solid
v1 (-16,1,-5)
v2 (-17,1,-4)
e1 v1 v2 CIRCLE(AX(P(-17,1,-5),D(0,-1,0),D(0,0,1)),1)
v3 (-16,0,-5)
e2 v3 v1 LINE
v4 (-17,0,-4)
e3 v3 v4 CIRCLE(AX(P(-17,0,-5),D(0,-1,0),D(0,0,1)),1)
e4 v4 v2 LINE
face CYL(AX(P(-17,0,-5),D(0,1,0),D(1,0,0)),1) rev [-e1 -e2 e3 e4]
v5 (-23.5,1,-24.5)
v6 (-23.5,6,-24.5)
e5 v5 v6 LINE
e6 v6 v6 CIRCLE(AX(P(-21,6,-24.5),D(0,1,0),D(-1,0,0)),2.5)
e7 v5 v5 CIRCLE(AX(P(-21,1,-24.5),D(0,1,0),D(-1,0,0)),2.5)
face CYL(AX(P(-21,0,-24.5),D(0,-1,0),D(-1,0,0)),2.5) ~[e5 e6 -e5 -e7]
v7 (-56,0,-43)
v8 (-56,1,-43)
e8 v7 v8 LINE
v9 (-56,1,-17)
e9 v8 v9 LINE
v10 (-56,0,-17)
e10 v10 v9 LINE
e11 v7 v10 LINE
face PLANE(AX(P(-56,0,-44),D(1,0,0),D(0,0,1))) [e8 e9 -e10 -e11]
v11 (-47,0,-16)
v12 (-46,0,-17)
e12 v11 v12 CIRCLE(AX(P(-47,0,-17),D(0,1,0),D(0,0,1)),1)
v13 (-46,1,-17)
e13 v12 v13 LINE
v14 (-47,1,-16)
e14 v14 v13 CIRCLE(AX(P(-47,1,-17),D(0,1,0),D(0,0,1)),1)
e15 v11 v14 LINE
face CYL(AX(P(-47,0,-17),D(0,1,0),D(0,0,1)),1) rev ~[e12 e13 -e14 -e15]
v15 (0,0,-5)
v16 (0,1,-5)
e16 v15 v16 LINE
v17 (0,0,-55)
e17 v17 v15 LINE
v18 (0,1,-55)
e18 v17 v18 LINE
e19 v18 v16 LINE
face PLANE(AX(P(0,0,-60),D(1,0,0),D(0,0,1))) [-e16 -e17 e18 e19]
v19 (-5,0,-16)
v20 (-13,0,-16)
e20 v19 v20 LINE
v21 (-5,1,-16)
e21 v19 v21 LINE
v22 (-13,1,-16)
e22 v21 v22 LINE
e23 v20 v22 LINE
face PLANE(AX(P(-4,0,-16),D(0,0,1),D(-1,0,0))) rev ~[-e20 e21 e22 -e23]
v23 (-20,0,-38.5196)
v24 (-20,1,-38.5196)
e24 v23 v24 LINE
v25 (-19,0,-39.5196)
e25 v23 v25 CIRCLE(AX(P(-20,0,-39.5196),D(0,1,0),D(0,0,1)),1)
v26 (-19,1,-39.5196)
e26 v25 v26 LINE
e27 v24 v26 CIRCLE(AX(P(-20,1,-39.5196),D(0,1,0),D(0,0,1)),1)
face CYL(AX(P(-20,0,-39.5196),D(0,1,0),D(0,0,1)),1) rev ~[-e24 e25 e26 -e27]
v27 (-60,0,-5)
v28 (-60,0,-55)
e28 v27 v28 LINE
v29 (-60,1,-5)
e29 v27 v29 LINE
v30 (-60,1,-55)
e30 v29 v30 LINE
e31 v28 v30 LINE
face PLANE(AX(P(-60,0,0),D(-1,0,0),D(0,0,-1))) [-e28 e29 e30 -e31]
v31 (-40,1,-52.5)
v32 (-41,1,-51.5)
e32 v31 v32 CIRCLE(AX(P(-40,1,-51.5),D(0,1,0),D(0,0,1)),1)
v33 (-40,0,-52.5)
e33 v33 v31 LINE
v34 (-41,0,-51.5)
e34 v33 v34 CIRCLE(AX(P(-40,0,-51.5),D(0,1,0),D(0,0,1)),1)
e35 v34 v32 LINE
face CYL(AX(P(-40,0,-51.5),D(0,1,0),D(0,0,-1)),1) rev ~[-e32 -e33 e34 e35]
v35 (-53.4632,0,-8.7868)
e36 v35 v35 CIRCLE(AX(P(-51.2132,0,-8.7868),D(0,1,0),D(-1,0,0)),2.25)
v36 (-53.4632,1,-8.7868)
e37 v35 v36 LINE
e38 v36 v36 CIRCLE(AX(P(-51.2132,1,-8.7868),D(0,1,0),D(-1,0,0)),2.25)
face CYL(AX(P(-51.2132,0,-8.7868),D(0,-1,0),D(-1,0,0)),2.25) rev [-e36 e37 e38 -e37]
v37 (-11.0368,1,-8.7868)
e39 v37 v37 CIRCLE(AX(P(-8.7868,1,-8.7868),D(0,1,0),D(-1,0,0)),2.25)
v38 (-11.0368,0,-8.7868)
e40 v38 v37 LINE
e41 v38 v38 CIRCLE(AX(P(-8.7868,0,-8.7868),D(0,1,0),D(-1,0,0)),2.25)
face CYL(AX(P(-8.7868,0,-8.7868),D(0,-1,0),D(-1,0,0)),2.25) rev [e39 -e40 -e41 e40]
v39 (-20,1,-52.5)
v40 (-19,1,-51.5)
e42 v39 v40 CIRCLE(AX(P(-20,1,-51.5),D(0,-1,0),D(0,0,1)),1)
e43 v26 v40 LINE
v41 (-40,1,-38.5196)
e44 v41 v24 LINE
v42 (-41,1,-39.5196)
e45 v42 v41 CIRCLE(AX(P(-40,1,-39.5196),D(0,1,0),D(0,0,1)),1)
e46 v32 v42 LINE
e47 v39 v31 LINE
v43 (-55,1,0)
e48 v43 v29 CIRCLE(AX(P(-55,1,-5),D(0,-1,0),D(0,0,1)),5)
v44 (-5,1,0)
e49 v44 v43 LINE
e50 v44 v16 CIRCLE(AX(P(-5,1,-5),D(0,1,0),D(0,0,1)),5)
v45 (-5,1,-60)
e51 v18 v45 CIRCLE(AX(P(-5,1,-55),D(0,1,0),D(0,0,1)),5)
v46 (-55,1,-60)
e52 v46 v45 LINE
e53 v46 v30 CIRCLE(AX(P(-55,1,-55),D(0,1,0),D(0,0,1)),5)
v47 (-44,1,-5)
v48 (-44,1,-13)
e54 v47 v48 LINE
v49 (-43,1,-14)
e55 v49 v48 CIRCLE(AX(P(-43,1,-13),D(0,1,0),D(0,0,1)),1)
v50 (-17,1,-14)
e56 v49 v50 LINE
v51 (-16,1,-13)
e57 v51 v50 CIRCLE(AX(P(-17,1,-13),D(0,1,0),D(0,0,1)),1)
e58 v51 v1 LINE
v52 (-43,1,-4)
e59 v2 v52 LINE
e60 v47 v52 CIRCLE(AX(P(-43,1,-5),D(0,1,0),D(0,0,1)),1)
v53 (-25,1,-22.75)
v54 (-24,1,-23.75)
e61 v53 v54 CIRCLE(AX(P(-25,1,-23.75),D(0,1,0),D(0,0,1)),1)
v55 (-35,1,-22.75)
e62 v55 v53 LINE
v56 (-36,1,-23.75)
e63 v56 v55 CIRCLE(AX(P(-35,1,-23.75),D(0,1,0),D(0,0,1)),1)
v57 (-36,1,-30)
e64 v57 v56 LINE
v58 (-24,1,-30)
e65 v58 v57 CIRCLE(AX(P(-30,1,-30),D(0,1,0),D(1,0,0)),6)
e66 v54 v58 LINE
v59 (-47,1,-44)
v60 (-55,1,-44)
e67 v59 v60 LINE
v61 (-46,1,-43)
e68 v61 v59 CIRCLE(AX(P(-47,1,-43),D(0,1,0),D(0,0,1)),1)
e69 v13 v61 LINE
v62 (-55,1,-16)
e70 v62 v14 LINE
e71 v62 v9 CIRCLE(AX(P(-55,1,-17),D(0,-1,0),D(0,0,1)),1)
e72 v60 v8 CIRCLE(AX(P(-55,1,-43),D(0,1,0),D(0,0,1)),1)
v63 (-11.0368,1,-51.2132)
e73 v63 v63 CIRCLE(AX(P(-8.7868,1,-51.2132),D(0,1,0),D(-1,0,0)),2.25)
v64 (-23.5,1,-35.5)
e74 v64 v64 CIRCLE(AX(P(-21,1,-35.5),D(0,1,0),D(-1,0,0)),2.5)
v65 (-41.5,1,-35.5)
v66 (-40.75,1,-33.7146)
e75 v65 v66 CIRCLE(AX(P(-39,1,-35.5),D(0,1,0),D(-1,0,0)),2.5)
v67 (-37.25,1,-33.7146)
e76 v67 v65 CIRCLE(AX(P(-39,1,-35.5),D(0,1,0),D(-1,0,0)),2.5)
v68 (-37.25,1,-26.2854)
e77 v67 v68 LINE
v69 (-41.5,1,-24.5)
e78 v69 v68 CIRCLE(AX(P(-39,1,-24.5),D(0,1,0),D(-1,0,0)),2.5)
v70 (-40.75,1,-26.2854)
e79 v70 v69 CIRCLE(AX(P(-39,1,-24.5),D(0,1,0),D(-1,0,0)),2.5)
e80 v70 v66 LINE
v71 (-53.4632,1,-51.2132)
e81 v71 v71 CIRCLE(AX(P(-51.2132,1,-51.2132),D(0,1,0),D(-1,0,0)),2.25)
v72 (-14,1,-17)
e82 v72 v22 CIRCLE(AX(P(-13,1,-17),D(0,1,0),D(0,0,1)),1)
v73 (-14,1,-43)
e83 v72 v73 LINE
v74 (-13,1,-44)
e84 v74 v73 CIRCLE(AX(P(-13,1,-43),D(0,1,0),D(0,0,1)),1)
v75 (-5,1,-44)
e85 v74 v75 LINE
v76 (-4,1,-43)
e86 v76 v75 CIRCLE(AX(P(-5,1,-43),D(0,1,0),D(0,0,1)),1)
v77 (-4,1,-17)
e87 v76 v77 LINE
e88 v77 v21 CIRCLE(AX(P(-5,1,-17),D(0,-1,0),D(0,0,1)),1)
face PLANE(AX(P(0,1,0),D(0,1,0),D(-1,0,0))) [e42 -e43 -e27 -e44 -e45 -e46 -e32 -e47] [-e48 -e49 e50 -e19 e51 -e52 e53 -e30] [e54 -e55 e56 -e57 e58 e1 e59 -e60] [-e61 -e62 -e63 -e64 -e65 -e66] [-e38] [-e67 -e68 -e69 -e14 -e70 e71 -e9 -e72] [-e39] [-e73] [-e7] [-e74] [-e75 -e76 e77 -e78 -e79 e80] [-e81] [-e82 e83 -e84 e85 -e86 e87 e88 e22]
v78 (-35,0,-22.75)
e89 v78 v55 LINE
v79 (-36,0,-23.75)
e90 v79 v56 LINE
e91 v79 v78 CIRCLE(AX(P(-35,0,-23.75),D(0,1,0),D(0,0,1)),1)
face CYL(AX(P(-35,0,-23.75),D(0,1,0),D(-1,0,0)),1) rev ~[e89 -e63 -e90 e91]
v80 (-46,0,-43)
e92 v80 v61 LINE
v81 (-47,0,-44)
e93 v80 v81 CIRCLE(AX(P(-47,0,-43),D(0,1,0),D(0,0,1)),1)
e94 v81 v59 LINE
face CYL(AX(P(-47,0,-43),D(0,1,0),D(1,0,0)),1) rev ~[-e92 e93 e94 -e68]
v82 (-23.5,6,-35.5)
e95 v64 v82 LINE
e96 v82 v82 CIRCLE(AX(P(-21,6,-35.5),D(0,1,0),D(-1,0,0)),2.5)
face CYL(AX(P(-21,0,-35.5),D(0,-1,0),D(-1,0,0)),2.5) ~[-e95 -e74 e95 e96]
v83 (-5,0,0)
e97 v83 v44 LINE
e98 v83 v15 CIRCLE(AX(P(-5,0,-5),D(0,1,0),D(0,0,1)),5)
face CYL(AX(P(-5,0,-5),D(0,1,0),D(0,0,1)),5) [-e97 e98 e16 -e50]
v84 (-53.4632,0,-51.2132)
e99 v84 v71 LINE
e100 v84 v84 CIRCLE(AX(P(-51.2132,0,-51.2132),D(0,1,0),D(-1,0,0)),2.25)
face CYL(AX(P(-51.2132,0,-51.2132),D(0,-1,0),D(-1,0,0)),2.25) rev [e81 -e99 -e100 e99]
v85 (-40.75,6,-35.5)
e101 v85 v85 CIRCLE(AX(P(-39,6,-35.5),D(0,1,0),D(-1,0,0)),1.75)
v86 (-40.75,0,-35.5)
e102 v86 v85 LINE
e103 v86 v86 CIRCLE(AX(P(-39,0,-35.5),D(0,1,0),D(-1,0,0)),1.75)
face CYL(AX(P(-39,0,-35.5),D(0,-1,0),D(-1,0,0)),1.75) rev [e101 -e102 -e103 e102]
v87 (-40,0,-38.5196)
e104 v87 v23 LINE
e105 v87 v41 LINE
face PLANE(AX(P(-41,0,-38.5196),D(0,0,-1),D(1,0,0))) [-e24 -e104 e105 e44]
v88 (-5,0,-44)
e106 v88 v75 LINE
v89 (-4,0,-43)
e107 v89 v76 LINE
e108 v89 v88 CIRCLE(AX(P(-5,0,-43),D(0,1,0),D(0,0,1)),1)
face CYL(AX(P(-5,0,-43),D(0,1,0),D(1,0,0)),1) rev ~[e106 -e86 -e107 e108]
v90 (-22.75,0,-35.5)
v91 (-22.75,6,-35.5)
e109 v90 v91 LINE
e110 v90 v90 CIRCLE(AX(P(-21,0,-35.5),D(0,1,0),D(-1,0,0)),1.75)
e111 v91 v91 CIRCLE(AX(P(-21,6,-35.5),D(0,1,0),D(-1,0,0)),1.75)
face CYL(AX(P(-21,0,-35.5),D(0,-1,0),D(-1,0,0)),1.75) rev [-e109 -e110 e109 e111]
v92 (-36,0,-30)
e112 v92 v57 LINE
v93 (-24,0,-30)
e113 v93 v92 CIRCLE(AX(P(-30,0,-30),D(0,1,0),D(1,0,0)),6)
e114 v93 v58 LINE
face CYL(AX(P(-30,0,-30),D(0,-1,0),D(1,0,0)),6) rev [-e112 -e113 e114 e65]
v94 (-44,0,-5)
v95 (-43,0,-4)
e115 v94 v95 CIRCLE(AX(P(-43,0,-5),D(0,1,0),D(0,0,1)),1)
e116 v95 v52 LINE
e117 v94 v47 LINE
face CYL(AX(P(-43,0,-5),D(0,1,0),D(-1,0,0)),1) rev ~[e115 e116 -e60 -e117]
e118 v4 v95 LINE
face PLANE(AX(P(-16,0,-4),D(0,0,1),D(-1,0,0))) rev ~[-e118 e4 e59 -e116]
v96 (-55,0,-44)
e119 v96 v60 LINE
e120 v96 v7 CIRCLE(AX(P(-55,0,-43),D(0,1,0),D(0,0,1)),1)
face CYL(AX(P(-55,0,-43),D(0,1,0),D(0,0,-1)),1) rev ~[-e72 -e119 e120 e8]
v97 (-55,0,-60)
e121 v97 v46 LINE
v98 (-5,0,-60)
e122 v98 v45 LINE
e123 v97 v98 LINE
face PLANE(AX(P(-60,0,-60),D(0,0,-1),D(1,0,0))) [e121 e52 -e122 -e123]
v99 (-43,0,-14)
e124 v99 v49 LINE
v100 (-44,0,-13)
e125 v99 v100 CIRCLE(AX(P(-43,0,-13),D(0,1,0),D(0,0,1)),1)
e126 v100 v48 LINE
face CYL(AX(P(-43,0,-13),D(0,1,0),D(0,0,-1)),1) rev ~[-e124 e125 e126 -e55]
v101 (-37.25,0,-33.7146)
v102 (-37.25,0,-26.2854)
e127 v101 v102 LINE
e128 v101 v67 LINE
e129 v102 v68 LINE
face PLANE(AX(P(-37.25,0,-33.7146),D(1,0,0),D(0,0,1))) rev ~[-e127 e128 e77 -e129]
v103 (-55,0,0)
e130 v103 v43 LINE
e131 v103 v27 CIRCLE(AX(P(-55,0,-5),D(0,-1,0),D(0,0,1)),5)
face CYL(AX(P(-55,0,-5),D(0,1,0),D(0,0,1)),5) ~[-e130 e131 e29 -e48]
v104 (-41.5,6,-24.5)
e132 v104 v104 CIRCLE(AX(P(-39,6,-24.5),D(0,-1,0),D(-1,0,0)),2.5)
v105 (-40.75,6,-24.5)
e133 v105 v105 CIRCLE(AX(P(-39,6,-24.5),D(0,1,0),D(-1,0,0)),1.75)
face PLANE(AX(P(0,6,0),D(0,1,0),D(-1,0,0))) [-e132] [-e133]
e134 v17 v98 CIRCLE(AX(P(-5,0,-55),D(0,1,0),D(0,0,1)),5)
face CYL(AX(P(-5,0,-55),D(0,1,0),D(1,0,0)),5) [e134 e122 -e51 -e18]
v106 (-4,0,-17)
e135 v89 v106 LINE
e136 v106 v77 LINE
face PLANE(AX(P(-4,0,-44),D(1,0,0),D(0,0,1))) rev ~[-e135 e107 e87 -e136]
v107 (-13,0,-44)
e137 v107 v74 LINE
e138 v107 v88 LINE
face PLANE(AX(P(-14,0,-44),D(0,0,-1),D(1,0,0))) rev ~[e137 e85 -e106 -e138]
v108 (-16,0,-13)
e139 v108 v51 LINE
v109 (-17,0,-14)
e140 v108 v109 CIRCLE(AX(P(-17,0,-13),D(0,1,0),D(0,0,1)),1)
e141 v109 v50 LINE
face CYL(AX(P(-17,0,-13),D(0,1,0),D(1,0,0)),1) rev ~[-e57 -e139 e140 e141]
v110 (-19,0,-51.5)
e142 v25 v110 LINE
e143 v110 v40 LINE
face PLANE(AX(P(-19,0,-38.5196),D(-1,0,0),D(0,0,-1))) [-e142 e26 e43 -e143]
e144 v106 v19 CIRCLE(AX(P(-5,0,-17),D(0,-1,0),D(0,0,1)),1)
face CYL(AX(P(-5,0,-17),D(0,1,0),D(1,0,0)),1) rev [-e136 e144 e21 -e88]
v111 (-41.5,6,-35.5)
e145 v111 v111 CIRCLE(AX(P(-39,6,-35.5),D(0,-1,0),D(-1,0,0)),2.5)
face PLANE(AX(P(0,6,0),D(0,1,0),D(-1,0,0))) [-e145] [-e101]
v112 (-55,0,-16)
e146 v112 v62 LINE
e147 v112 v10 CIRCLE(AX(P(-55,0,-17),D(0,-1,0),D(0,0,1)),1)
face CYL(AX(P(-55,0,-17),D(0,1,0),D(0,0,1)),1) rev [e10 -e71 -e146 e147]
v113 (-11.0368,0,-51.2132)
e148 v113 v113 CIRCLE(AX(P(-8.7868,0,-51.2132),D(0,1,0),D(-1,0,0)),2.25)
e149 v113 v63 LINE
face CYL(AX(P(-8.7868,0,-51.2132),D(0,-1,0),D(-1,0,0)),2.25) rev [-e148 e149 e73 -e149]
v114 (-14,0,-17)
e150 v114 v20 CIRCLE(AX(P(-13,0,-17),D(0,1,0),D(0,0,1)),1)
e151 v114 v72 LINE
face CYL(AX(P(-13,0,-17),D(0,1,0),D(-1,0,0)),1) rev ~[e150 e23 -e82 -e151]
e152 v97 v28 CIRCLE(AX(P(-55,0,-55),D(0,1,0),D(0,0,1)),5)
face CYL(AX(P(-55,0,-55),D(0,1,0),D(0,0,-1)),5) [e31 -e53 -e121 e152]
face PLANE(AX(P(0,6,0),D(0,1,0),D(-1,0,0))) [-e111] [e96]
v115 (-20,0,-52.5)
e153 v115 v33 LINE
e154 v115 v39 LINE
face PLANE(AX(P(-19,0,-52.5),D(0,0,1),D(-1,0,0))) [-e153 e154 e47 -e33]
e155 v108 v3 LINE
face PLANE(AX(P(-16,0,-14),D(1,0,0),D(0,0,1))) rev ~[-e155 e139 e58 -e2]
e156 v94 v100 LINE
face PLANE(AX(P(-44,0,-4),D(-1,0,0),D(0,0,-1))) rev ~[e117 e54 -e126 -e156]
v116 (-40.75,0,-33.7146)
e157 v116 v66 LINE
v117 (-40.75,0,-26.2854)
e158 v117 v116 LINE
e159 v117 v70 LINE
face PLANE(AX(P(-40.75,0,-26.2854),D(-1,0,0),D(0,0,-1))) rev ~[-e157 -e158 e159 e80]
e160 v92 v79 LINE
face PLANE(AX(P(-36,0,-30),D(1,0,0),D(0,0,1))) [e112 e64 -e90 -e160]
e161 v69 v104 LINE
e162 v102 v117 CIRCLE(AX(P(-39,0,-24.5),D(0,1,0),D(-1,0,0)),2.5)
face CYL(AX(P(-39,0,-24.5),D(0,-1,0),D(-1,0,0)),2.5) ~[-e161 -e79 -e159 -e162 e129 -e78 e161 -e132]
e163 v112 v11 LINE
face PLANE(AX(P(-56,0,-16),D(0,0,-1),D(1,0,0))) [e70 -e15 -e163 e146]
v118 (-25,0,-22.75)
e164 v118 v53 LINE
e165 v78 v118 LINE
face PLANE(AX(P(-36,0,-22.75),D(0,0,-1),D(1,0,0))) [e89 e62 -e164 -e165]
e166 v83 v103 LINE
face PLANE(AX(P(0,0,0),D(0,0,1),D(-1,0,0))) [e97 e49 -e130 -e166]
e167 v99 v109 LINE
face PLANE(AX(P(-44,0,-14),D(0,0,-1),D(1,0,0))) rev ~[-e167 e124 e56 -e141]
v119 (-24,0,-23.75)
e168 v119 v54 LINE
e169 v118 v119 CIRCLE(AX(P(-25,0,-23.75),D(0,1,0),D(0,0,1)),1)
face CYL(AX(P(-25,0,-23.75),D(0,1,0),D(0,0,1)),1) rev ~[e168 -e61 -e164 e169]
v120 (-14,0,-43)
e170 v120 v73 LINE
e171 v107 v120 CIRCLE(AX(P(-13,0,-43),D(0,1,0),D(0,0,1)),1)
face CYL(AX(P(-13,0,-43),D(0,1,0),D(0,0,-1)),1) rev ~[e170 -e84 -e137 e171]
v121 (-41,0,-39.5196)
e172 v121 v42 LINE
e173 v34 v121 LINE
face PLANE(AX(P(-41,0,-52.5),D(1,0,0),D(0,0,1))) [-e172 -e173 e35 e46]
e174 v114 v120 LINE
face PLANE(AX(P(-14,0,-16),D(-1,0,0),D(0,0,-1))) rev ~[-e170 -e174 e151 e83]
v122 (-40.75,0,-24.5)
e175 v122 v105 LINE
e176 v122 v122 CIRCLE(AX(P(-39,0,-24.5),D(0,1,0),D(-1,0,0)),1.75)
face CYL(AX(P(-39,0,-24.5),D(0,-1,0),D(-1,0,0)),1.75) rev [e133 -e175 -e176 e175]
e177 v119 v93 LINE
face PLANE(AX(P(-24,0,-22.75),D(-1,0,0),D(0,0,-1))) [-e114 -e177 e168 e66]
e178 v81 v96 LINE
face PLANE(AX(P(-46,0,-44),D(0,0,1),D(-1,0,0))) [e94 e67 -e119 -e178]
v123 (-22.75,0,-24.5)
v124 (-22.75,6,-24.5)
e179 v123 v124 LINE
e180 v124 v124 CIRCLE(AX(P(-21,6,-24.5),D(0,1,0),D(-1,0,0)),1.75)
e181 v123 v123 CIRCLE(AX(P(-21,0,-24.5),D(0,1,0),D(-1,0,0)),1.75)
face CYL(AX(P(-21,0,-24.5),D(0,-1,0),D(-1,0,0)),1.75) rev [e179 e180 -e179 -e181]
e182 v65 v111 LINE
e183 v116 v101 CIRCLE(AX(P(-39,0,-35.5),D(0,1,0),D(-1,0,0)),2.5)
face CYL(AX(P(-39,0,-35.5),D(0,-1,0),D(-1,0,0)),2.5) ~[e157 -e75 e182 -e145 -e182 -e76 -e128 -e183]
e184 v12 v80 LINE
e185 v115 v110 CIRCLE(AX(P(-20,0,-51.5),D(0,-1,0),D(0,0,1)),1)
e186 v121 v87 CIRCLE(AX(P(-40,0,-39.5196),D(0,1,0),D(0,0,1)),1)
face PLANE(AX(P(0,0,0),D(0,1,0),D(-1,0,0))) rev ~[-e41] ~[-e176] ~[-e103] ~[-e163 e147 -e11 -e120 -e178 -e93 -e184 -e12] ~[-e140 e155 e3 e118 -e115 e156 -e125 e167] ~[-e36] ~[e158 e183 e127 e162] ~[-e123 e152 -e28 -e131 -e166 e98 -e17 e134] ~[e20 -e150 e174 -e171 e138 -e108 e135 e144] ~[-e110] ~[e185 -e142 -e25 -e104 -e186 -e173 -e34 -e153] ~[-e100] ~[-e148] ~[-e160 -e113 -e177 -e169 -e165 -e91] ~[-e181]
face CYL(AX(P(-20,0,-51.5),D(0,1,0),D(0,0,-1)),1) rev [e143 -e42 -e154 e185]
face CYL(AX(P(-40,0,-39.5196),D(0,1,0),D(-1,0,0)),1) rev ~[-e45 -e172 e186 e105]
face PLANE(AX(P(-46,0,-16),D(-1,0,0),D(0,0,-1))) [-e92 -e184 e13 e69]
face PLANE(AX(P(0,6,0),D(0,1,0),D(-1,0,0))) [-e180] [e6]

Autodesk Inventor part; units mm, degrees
ref_plane "YZ Plane" through (0, 0, 0) normal (1, 0, 0) x (0, 1, 0)
ref_plane "XZ Plane" through (0, 0, 0) normal (0, 1, 0) x (-1, 0, 0)
ref_plane "XY Plane" through (0, 0, 0) normal (0, 0, 1) x (1, 0, 0)
sketch "Sketch1" plane through (0, 0, 0) normal (0, 1, 0) x (-1, 0, 0)
  line L0 (0, 0) -> (60, 0)
  line L1 (60, 0) -> (60, -60)
  line L2 (60, -60) -> (0, -60)
  line L3 (0, -60) -> (0, 0)
  circle A0 centre (51.2132, -8.7868) radius 2.25
  circle A1 centre (8.7868, -51.2132) radius 2.25
  circle A2 centre (8.7868, -8.7868) radius 2.25
  circle A3 centre (51.2132, -51.2132) radius 2.25
  line L4 (51.2132, -8.7868) -> (8.7868, -51.2132) construction
  line L5 (51.2132, -51.2132) -> (8.7868, -8.7868) construction
  line L6 (51.2132, -8.7868) -> (8.7868, -8.7868) construction
  line L7 (21, -24.5) -> (39, -24.5) construction
  line L8 (39, -24.5) -> (39, -35.5) construction
  line L9 (39, -35.5) -> (21, -35.5) construction
  line L10 (21, -35.5) -> (21, -24.5) construction
  line L11 (30, 0) -> (30, -60) construction
  circle A4 centre (21, -24.5) radius 1.75
  circle A5 centre (21, -35.5) radius 1.75
  line L12 (19, -22.5) -> (41, -22.5) construction
  line L13 (41, -22.5) -> (41, -52.5) construction
  line L14 (41, -52.5) -> (19, -52.5) construction
  line L15 (19, -52.5) -> (19, -22.5) construction
  line L16 (21, -24.5) -> (19, -24.5) construction
  line L17 (21, -24.5) -> (21, -22.5) construction
  line L18 (39, -24.5) -> (41, -24.5) construction
  circle A6 centre (39, -24.5) radius 1.75
  circle A7 centre (39, -35.5) radius 1.75
  arc A8 (24, -30) -> (36, -30) centre (30, -30) ccw
  line L19 (19, -52.5) -> (41, -52.5)
  line L20 (41, -52.5) -> (41, -38.5196)
  line L21 (41, -38.5196) -> (19, -38.5196)
  line L22 (19, -38.5196) -> (19, -52.5)
  circle A9 centre (21, -24.5) radius 2.5
  circle A10 centre (21, -35.5) radius 2.5
  circle A11 centre (39, -24.5) radius 2.5
  circle A12 centre (39, -35.5) radius 2.5
  line L23 (24, -30) -> (36, -30) construction
  line L24 (36, -30) -> (36, -22.75)
  line L25 (36, -22.75) -> (24, -22.75)
  line L26 (24, -22.75) -> (24, -30)
  line L27 (40.75, -26.2854) -> (40.75, -33.7146)
  line L28 (37.25, -33.7146) -> (37.25, -26.2854)
  line L29 (4, -16) -> (14, -16)
  line L30 (14, -16) -> (14, -44)
  line L31 (14, -44) -> (4, -44)
  line L32 (4, -44) -> (4, -16)
  line L33 (16, -4) -> (44, -4)
  line L34 (44, -4) -> (44, -14)
  line L35 (44, -14) -> (16, -14)
  line L36 (16, -14) -> (16, -4)
  line L37 (56, -16) -> (46, -16)
  line L38 (46, -16) -> (46, -44)
  line L39 (46, -44) -> (56, -44)
  line L40 (56, -44) -> (56, -16)
  point P0 (60, -30)
  point P1 (39, -30)
  point P2 (30, -24.5)
  dimension "d0" = 4.5
  dimension "d1" = 4.5
  dimension "d2" = 4.5
  dimension "d3" = 4.5
  dimension "d4" = 60
  dimension "d5" = 60
  dimension "d6" = 18
  dimension "d7" = 11
  dimension "d8" = 60
  dimension "d9" = 3.5
  dimension "d10" = 3.5
  dimension "d11" = 22
  dimension "d12" = 30
  dimension "d13" = 3.5
  dimension "d14" = 3.5
  dimension "d15" = 12
  dimension "d16" = 5
  dimension "d17" = 5
  dimension "d18" = 5
  dimension "d19" = 5
  dimension "d26" = 4
  dimension "d27" = 10
  dimension "d28" = 16
  dimension "d29" = 16
  dimension "d30" = 4
  dimension "d31" = 16
  dimension "d32" = 16
  dimension "d33" = 10
extrude "Extrusion1" add sketch "Sketch1" along normal blind 1 contours L0 L1 L2 L3
extrude "Extrusion2" add sketch "Sketch1" along normal blind 6 contours A9 | A10 | A11 | A12
fillet "Fillet1" radius 1 18 edges at (-41, 0.5, -52.5) (-41, 0.5, -38.5196) (-19, 0.5, -38.5196) (-19, 0.5, -52.5) (-36, 0.5, -22.75) (-24, 0.5, -22.75) (-44, 0.5, -4) (-44, 0.5, -14) (-56, 0.5, -44) (-56, 0.5, -16) (-46, 0.5, -44) (-46, 0.5, -16) (-16, 0.5, -4) (-16, 0.5, -14) (-4, 0.5, -44) (-4, 0.5, -16) (-14, 0.5, -16) (-14, 0.5, -44)
fillet "Fillet2" radius 5 4 edges at (0, 0.5, -60) (-60, 0.5, -60) (-60, 0.5, 0) (0, 0.5, 0)
properties part number "SensorMount_top"
